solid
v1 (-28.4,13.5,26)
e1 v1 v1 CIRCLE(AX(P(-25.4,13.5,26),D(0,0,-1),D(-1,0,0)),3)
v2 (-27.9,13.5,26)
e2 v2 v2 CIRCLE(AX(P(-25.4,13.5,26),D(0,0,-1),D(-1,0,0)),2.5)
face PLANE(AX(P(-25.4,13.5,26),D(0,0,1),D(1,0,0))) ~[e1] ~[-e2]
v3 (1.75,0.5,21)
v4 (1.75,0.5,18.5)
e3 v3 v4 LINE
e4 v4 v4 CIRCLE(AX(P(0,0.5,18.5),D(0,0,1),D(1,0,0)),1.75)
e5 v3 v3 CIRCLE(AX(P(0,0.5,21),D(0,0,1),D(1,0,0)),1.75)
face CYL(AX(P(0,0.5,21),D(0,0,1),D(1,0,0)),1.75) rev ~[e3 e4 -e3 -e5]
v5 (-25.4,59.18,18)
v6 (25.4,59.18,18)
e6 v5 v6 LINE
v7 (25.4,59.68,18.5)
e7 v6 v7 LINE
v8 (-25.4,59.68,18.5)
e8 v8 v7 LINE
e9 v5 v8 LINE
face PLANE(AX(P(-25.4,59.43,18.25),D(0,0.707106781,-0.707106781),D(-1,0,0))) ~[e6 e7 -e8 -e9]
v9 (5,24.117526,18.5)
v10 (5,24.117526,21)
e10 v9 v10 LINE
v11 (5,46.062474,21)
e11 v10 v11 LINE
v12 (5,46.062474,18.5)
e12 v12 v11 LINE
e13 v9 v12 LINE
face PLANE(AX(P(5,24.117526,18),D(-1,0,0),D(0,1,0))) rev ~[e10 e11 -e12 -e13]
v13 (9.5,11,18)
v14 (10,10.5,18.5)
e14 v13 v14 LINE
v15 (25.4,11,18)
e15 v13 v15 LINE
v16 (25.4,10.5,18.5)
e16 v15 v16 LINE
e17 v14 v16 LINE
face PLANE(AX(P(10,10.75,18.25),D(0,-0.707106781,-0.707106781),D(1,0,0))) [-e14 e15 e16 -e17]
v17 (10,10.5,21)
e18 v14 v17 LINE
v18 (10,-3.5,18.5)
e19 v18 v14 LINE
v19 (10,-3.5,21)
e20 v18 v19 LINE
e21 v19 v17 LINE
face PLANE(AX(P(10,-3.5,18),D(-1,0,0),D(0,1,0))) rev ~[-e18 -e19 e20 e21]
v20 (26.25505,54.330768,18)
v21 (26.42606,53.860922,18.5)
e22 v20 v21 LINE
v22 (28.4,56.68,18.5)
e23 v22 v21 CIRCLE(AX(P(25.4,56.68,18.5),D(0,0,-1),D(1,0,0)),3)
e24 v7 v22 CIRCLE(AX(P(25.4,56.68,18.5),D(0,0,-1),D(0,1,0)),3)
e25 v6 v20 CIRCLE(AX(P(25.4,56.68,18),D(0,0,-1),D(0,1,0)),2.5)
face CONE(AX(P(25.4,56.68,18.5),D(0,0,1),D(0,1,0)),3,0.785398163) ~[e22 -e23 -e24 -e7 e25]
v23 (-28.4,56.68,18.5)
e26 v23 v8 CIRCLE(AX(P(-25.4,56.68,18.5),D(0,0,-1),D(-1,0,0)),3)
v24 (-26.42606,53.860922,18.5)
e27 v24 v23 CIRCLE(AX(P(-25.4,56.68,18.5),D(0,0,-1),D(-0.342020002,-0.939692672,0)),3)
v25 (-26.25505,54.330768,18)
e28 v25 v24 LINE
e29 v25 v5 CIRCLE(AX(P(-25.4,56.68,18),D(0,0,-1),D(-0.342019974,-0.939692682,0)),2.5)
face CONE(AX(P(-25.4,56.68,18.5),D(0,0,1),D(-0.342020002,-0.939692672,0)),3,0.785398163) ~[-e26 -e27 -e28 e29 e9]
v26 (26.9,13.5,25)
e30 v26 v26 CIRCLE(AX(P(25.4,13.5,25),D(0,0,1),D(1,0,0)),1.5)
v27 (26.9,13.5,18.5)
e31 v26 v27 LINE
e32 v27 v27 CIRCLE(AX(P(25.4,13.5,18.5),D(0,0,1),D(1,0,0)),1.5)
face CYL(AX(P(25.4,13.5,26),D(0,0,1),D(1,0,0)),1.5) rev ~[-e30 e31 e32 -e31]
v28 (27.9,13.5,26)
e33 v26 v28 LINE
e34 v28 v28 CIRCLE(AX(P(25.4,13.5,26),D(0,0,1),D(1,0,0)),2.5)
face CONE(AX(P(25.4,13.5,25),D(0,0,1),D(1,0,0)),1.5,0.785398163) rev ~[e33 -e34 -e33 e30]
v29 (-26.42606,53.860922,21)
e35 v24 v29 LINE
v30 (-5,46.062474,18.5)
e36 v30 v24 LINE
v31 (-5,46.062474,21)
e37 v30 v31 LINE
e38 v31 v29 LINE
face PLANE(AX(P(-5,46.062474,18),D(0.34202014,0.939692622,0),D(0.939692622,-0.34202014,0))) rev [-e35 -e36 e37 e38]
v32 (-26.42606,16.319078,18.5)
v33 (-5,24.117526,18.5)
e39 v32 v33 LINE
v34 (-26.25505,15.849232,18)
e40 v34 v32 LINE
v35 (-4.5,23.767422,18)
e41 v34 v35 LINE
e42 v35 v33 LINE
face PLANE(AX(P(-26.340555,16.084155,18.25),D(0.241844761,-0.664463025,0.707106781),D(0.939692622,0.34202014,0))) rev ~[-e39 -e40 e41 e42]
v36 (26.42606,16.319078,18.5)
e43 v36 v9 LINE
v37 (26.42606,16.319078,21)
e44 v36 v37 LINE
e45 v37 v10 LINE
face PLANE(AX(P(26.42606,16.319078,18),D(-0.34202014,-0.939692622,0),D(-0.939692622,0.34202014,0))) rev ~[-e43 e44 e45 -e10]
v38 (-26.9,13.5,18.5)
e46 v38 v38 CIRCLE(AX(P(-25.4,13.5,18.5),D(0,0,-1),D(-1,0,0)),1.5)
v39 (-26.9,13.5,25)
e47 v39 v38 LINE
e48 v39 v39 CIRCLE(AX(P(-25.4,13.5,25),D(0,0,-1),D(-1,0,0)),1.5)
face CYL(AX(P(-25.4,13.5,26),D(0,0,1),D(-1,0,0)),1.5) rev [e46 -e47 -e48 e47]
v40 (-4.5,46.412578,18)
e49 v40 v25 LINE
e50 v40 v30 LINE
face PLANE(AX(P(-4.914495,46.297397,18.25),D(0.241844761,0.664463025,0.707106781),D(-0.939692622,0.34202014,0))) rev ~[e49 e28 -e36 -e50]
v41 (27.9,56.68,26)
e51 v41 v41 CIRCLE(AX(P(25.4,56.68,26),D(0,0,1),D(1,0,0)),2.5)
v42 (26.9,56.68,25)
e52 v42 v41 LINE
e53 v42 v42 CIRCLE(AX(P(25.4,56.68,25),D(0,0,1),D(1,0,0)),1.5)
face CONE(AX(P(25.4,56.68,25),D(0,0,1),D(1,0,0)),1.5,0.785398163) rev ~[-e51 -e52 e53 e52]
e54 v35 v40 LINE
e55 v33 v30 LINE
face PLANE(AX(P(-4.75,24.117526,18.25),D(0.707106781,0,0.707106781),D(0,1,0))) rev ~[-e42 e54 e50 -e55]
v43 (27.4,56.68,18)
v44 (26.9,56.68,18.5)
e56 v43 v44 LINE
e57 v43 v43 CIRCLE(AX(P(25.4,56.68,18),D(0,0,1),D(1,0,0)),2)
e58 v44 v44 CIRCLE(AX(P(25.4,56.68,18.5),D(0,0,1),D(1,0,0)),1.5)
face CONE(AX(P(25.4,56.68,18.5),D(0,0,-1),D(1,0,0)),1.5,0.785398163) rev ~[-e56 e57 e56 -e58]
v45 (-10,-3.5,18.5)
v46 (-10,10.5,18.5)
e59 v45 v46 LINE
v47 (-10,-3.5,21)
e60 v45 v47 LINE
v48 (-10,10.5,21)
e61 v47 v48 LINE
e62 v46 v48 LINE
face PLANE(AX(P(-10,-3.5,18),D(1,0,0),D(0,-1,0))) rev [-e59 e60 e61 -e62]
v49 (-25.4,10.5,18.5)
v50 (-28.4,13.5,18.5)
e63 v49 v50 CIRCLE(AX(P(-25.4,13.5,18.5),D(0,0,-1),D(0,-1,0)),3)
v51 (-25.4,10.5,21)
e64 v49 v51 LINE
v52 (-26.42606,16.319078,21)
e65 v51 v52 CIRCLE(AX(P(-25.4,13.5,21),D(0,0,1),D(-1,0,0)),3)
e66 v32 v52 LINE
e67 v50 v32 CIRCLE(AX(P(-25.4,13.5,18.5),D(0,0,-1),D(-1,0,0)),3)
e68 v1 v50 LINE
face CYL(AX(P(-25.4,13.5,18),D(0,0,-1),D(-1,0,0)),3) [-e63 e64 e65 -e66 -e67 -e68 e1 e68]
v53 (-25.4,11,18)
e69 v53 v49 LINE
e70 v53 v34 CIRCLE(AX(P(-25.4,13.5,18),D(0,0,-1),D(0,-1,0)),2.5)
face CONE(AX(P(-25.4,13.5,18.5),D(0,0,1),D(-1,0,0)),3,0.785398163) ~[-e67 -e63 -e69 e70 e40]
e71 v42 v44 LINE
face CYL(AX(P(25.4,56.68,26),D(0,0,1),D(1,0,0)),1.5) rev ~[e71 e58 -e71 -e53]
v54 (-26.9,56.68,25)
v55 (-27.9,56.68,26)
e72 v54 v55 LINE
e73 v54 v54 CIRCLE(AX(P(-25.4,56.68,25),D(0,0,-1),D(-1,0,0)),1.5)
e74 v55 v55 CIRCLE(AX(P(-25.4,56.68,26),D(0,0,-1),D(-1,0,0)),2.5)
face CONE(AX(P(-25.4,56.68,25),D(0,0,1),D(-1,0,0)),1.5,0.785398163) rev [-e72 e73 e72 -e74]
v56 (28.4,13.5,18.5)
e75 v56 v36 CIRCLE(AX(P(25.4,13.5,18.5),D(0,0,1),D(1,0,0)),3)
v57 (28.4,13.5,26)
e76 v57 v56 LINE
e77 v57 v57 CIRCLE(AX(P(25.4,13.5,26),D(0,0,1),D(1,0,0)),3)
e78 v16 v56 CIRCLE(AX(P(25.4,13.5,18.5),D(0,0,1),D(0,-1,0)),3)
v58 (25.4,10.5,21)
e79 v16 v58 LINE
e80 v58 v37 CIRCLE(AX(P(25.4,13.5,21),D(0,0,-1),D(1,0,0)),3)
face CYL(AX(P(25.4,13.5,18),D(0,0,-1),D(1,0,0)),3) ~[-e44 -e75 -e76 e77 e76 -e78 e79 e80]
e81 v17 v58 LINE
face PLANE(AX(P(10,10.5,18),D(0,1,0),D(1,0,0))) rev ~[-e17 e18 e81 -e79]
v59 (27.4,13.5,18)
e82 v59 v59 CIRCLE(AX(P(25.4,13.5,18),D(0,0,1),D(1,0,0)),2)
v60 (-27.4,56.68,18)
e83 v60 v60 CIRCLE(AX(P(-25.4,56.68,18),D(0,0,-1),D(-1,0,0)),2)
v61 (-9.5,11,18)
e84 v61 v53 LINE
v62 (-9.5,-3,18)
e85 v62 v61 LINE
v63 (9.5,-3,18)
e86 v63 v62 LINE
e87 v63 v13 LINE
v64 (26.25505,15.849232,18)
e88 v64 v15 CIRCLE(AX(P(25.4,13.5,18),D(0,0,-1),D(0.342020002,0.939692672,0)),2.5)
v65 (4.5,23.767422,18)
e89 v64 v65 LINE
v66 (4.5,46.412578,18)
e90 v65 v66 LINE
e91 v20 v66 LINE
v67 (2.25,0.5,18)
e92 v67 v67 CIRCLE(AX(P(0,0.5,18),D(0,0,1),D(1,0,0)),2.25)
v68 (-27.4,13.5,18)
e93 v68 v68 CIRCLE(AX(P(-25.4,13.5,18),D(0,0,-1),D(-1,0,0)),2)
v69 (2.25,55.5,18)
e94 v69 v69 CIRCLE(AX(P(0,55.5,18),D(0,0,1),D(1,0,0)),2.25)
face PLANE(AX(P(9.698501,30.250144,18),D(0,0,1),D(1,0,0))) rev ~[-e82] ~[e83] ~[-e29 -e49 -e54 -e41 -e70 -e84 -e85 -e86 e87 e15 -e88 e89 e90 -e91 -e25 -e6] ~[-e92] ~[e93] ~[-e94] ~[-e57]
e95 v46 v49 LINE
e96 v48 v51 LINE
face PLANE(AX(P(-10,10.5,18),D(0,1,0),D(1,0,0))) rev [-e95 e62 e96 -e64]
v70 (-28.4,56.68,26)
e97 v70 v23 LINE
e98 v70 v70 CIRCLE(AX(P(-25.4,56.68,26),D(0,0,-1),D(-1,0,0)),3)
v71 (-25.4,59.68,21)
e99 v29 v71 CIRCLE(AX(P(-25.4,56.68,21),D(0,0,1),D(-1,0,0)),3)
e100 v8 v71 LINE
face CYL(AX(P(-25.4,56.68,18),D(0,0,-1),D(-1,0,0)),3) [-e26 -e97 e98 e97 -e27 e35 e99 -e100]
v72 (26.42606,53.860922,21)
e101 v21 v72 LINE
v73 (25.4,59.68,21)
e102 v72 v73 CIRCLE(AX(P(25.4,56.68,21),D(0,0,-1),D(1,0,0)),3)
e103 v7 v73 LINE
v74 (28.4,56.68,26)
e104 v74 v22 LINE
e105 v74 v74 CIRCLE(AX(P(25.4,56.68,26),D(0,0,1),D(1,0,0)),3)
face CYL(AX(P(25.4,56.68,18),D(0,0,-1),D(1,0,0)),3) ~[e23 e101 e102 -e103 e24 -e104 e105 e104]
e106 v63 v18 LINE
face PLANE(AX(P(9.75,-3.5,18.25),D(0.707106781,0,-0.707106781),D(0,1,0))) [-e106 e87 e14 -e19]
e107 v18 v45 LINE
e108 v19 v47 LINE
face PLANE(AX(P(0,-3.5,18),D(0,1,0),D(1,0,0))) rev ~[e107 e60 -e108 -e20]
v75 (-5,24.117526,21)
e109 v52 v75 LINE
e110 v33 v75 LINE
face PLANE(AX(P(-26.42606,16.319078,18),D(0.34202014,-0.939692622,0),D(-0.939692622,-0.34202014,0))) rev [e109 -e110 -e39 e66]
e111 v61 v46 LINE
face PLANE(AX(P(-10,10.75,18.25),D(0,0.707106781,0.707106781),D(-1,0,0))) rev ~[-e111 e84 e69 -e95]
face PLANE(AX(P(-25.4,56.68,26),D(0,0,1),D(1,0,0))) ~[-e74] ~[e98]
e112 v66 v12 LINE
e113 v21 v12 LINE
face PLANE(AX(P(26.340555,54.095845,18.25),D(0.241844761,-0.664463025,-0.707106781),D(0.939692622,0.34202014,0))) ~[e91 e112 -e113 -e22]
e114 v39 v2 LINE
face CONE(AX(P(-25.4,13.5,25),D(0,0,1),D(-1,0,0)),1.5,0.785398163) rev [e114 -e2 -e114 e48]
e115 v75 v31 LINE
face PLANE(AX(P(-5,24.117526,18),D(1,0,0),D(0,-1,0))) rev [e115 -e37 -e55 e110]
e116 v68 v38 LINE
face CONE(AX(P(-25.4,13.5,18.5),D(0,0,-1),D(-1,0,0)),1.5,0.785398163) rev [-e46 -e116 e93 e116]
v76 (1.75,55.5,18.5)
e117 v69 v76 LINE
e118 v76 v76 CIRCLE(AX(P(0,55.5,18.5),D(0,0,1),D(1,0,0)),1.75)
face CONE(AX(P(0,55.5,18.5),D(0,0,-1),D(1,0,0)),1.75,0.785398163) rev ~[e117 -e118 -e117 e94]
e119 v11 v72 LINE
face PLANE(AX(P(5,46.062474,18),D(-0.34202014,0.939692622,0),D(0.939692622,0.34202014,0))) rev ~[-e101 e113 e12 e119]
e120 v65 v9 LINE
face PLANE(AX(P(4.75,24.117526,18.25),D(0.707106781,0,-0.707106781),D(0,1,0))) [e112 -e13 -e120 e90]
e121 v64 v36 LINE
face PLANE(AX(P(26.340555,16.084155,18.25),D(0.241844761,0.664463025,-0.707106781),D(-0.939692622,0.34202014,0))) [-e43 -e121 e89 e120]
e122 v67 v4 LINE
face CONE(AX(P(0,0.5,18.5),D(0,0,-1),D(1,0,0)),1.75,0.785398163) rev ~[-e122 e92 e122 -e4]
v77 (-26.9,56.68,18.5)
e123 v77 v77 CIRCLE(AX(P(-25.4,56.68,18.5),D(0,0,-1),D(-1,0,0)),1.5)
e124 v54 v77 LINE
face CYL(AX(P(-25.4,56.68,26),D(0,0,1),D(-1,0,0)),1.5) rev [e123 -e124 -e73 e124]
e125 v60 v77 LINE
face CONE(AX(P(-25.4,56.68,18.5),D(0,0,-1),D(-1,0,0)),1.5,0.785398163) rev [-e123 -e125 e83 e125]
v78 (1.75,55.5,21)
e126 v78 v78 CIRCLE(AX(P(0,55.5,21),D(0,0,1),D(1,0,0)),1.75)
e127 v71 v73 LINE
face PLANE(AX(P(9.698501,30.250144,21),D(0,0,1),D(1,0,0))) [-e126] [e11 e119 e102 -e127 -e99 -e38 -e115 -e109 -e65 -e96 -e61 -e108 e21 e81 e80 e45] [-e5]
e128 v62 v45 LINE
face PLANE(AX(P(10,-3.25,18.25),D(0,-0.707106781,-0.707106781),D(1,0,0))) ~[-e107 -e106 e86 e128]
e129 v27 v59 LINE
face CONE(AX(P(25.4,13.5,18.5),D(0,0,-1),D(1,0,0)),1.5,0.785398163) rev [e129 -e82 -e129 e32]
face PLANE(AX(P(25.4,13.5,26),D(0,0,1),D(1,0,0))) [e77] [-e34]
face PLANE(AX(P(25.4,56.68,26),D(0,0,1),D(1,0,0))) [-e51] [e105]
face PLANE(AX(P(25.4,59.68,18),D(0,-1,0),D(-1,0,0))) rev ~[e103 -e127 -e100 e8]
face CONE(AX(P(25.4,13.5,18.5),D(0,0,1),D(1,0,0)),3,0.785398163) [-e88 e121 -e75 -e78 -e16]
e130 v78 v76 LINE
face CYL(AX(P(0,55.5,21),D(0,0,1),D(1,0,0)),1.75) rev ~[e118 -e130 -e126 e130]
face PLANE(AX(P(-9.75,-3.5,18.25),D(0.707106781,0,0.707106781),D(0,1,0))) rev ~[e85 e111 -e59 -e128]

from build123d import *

# Parameters (mm, degrees)
CYLINDER001_R     = 3
CYLINDER001_DEPTH = 8
PAD007_DEPTH      = 3
CYLINDER002_R     = 3
CYLINDER002_DEPTH = 8
SKETCH029_R       = 1.5
POCKET021_DEPTH   = 10
CHAMFER018_SIZE   = 1
SKETCH030_R       = 1.75
POCKET022_DEPTH   = 5
CHAMFER019_SIZE   = 0.5


with BuildPart() as keypadbracketscrewcylinder:
    # Cylinder001 → Cylinder001 (new body)
    with BuildSketch(Plane(origin=(25.4, 13.5, 18), x_dir=(1, 0, 0), z_dir=(0, 0, 1))):
        Circle(CYLINDER001_R)
    extrude(amount=CYLINDER001_DEPTH)


with BuildPart() as keypadbracketpad007:
    # Sketch028 → Pad007 (new body)
    with BuildSketch(Plane.XY.offset(18)):
        with BuildLine():
            Line((0, -3.5), (10, -3.5))
            Line((10, -3.5), (10, 10.5))
            Line((10, 10.5), (25.4, 10.5))
            ThreePointArc((25.4, 10.5), (28.354423, 12.979055), (26.42606, 16.319078))
            Line((26.42606, 16.319078), (5, 24.117526))
            Line((5, 24.117526), (5, 46.062474))
            Line((5, 46.062474), (26.42606, 53.860922))
            ThreePointArc((26.42606, 53.860922), (28.354423, 57.200945), (25.4, 59.68))
            Line((25.4, 59.68), (0, 59.68))
            Line((0, 59.68), (0, -3.5))
        make_face()
    extrude(amount=PAD007_DEPTH)


with BuildPart() as keypadbracketscrewholeschamfer018:
    # Cylinder002 → Cylinder002 (new body)
    with BuildSketch(Plane(origin=(25.4, 56.68, 18), x_dir=(1, 0, 0), z_dir=(0, 0, 1))):
        Circle(CYLINDER002_R)
    extrude(amount=CYLINDER002_DEPTH)

    # Fusion003: union KeypadBracketScrewCylinder, KeypadBracketPad007
    add(keypadbracketscrewcylinder.part)
    add(keypadbracketpad007.part)

    # Sketch029 → Pocket021 (cut)
    with BuildSketch(Plane.XY.offset(26)):
        with Locations((25.4, 13.5)):
            Circle(SKETCH029_R)
        with Locations((25.4, 56.68)):
            Circle(SKETCH029_R)
    extrude(amount=-POCKET021_DEPTH, mode=Mode.SUBTRACT)

    # Chamfer018
    chamfer018_edges = [keypadbracketscrewholeschamfer018.edges().sort_by_distance(p)[0] for p in [
        (23.9, 56.68, 26),
        (23.9, 13.5, 26),
    ]]
    chamfer(chamfer018_edges, length=CHAMFER018_SIZE)


with BuildPart() as keypadbracketprintingchamfer019_final:
    # Part__Mirroring004: instance of KeypadBracketScrewHolesChamfer018
    add(keypadbracketscrewholeschamfer018.part.mirror(Plane(origin=(0, 0, 0), x_dir=(0, -1, 0), z_dir=(1, 0, 0))))

    # Fusion004: union KeypadBracketScrewHolesChamfer018
    add(keypadbracketscrewholeschamfer018.part)

    # Sketch030 → Pocket022 (cut)
    with BuildSketch(Plane.XY.offset(21)):
        with Locations((0, 0.5)):
            Circle(SKETCH030_R)
        with Locations((0, 55.5)):
            Circle(SKETCH030_R)
    extrude(amount=-POCKET022_DEPTH, mode=Mode.SUBTRACT)

    # Chamfer019
    chamfer019_edges = [keypadbracketprintingchamfer019_final.edges().sort_by_distance(p)[0] for p in [
        (-25.4, 15, 18),
        (-25.4, 12, 18),
        (0, 57.25, 18),
        (0, 53.75, 18),
        (0, 2.25, 18),
        (0, -1.25, 18),
        (-27.52132, 58.80132, 18),
        (-27.857456, 54.959271, 18),
        (0, 59.68, 18),
        (-15.71303, 49.961698, 18),
        (27.52132, 58.80132, 18),
        (-5, 35.09, 18),
        (27.857456, 54.959271, 18),
        (-15.71303, 20.218302, 18),
        (15.71303, 49.961698, 18),
        (-27.857456, 15.220729, 18),
        (5, 35.09, 18),
        (-27.52132, 11.37868, 18),
        (15.71303, 20.218302, 18),
        (-17.7, 10.5, 18),
        (27.857456, 15.220729, 18),
        (-10, 3.5, 18),
        (27.52132, 11.37868, 18),
        (0, -3.5, 18),
        (17.7, 10.5, 18),
        (10, 3.5, 18),
        (25.4, 58.18, 18),
        (25.4, 55.18, 18),
        (25.4, 15, 18),
        (25.4, 12, 18),
        (-25.4, 58.18, 18),
        (-25.4, 55.18, 18),
    ]]
    chamfer(chamfer019_edges, length=CHAMFER019_SIZE)


solid = keypadbracketprintingchamfer019_final.part
